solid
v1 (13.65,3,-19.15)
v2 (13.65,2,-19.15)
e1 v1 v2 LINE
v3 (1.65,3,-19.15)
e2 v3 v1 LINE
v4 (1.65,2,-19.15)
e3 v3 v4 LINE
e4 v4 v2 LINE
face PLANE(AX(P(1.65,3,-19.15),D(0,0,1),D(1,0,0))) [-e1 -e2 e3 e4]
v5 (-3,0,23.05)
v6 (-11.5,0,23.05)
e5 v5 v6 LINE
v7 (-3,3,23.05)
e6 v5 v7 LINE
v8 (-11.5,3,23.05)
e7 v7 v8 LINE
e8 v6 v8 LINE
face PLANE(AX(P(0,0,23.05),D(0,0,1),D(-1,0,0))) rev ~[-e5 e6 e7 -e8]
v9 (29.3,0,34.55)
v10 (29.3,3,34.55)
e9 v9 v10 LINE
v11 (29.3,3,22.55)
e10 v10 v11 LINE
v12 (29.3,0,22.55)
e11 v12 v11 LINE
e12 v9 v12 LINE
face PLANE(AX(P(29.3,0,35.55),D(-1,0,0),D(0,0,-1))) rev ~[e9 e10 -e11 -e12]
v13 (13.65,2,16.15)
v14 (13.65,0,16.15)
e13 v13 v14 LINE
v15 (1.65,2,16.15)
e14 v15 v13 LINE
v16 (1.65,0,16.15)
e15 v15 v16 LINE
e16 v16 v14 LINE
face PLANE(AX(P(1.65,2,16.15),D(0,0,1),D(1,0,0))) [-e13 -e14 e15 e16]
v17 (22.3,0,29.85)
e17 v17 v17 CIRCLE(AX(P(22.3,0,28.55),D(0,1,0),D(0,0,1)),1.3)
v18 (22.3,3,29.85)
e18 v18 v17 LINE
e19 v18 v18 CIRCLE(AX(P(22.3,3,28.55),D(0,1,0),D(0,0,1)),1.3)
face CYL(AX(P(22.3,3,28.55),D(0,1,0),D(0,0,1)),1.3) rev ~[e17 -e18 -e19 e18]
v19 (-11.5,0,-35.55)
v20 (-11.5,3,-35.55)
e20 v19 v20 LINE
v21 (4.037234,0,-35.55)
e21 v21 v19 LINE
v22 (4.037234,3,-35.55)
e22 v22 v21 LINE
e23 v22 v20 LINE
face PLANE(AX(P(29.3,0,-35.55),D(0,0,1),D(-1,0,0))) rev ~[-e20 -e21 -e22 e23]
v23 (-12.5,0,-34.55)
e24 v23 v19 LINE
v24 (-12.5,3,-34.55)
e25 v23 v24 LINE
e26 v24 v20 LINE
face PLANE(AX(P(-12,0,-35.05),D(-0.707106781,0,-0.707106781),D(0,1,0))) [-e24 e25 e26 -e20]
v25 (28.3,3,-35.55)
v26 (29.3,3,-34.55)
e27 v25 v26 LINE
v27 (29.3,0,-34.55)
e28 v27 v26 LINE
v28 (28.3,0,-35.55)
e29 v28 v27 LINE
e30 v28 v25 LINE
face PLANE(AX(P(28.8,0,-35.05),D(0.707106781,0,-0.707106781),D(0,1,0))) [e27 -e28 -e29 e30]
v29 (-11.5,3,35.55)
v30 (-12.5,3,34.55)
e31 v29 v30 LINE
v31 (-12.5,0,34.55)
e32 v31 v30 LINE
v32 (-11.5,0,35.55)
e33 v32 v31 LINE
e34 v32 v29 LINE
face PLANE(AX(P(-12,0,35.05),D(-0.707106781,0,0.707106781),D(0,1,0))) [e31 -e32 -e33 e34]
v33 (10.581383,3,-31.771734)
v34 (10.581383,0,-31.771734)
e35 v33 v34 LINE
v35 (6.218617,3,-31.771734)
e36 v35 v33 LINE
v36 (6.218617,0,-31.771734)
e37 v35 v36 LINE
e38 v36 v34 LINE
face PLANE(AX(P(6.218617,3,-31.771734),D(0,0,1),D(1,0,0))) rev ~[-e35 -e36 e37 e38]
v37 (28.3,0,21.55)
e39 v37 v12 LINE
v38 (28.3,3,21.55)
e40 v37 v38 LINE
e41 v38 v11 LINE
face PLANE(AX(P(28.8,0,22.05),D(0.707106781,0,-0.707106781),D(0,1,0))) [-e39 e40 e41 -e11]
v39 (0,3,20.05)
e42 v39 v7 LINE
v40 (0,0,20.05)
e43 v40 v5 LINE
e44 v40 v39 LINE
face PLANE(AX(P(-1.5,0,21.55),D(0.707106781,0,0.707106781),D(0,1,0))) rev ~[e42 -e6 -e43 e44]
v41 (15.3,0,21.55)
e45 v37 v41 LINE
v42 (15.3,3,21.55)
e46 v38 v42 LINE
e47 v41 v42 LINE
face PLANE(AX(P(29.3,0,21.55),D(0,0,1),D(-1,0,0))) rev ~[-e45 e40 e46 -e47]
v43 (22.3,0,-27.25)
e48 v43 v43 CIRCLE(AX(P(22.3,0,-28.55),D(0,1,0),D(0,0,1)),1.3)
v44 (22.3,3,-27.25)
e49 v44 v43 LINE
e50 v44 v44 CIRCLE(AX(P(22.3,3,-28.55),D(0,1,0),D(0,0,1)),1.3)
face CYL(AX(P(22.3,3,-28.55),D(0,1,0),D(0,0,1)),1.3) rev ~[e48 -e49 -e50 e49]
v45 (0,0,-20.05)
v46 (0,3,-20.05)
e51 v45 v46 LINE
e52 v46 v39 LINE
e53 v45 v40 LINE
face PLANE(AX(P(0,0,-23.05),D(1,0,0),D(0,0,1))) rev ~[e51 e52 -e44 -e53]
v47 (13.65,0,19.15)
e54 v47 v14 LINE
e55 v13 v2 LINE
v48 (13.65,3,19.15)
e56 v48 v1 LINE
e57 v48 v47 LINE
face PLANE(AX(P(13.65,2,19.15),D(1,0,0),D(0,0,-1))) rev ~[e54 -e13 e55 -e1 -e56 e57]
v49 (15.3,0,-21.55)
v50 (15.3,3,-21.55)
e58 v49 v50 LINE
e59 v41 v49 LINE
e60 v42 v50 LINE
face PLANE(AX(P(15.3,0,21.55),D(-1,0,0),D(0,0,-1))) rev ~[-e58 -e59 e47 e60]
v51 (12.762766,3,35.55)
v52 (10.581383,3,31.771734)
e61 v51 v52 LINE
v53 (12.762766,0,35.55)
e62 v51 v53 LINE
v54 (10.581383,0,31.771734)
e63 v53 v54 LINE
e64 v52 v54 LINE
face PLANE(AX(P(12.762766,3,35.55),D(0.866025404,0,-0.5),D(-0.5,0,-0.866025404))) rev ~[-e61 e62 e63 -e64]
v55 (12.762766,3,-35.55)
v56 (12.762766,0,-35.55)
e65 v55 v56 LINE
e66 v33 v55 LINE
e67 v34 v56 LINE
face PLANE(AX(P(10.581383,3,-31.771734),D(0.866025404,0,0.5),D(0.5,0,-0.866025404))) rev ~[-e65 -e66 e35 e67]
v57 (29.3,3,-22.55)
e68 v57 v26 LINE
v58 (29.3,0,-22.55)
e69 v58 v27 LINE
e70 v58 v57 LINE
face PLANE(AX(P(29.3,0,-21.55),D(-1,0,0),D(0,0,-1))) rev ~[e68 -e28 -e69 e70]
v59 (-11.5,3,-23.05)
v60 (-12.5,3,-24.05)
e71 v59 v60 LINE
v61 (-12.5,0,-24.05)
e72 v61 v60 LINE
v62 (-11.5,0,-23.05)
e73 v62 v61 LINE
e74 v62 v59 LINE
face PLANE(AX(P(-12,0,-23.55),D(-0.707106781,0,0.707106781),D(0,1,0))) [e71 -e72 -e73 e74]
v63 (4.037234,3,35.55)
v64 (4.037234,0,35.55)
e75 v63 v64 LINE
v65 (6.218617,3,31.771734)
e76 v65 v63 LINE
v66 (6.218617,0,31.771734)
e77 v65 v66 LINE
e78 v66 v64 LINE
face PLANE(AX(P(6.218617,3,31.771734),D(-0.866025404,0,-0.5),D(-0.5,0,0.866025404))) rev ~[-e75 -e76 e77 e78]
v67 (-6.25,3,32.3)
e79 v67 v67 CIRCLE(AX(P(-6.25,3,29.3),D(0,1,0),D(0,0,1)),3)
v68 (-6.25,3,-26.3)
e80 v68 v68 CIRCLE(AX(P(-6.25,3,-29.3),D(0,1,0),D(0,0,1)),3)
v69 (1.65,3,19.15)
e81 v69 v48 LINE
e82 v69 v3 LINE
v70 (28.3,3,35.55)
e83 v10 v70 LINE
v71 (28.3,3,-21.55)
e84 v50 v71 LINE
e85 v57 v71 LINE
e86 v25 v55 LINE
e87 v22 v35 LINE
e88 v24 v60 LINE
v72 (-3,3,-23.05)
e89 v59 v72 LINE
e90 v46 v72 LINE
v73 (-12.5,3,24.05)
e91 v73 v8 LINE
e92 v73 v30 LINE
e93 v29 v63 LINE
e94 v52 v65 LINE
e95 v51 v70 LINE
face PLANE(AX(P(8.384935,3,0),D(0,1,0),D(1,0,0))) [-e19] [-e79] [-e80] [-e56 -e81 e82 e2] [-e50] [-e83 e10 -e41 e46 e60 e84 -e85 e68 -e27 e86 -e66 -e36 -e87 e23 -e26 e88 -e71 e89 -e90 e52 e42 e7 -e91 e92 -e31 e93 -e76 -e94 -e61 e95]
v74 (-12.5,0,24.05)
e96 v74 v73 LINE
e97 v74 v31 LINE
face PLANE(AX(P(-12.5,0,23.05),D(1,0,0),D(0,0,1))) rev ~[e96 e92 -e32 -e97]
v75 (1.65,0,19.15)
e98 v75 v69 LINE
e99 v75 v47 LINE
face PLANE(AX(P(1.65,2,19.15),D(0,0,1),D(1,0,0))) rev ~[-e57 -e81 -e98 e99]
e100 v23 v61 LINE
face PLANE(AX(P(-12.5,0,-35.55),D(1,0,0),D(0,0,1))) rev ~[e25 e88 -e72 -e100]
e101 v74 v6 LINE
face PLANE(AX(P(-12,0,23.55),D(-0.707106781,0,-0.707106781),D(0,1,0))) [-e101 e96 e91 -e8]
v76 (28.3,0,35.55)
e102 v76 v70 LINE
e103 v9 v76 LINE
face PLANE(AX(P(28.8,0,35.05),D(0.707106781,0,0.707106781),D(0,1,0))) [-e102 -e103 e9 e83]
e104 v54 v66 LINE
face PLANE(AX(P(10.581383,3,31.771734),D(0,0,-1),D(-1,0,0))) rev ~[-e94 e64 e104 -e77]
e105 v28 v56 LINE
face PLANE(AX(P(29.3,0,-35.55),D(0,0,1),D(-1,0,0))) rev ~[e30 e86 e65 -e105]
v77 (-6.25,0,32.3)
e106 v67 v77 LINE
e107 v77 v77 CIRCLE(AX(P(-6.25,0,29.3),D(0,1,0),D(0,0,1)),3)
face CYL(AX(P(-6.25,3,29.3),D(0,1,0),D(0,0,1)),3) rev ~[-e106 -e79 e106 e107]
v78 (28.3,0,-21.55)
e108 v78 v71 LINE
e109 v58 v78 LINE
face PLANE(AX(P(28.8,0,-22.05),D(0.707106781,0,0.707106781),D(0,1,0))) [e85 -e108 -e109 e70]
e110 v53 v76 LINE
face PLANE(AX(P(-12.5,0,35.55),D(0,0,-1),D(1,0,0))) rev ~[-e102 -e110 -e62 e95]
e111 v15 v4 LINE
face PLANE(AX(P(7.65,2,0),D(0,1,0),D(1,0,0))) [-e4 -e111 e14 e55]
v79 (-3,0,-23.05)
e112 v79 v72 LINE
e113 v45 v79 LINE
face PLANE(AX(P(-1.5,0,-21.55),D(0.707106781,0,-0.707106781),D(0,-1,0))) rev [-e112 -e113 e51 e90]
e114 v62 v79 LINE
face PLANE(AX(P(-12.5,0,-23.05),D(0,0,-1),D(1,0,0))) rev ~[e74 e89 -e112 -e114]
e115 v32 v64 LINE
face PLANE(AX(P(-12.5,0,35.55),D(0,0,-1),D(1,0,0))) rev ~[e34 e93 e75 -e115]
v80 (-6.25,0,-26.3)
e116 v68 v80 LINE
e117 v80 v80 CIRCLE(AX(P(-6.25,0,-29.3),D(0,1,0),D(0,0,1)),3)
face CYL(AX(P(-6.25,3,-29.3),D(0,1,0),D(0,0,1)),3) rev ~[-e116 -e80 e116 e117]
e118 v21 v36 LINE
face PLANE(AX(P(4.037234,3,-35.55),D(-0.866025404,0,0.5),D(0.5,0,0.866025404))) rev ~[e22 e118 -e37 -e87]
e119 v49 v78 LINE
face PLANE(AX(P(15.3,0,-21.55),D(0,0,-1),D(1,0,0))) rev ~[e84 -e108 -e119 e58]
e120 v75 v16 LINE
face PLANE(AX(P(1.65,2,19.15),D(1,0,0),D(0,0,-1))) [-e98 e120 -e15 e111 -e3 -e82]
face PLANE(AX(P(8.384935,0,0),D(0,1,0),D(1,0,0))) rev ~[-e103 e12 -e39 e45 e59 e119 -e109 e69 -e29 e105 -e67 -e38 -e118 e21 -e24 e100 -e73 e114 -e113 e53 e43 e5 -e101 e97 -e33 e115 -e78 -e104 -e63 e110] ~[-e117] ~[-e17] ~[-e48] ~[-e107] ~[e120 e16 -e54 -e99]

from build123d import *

# Parameters (mm, degrees)
BOSS_EXTRUDE1_DEPTH = 3
SKETCH2_R           = 3
SKETCH2_R_2         = 1.3
CUT_EXTRUDE1_DEPTH  = 47.16592358
SKETCH3_W           = 12
SKETCH3_H           = 38.3
CUT_EXTRUDE2_DEPTH  = 1
SKETCH4_W           = 12
SKETCH4_H           = 3
CUT_EXTRUDE3_DEPTH  = 47.111739286
CHAMFER1_SIZE       = 3
CUT_EXTRUDE4_DEPTH  = 47.16592358
CHAMFER2_SIZE       = 1


with BuildPart() as part:
    # Sketch1 → Boss-Extrude1 (new body)
    with BuildSketch(Plane(origin=(0, 0, 0), x_dir=(1, 0, 0), z_dir=(0, 1, 0))):
        Polygon((0, 23.05), (0, -23.05), (-12.5, -23.05), (-12.5, -35.55), (29.3, -35.55), (29.3, -21.55), (15.3, -21.55), (15.3, 21.55), (29.3, 21.55), (29.3, 35.55), (-12.5, 35.55), (-12.5, 23.05), align=None)
    extrude(amount=BOSS_EXTRUDE1_DEPTH)

    # Sketch2 → Cut-Extrude1 (cut, through all)
    with BuildSketch(Plane(origin=(0, 3, 0), x_dir=(1, 0, 0), z_dir=(0, 1, 0))):
        with Locations(Location((-6.25, 29.3, 0), (0, 0, 270))):
            Circle(SKETCH2_R)
        with Locations(Location((-6.25, -29.3, 0), (0, 0, 270))):
            Circle(SKETCH2_R)
        with Locations(Location((22.3, -28.55, 0), (0, 0, 270))):
            Circle(SKETCH2_R_2)
        with Locations(Location((22.3, 28.55, 0), (0, 0, 270))):
            Circle(SKETCH2_R_2)
    extrude(amount=-CUT_EXTRUDE1_DEPTH, mode=Mode.SUBTRACT)

    # Sketch3 → Cut-Extrude2 (cut)
    with BuildSketch(Plane(origin=(0, 3, 0), x_dir=(1, 0, 0), z_dir=(0, 1, 0))):
        with Locations((7.65, 0)):
            Rectangle(SKETCH3_W, SKETCH3_H)
    extrude(amount=-CUT_EXTRUDE2_DEPTH, mode=Mode.SUBTRACT)

    # Sketch4 → Cut-Extrude3 (cut, through all)
    with BuildSketch(Plane(origin=(0, 2, 0), x_dir=(1, 0, 0), z_dir=(0, 1, 0))):
        with Locations((7.65, -17.65)):
            Rectangle(SKETCH4_W, SKETCH4_H)
    extrude(amount=-CUT_EXTRUDE3_DEPTH, mode=Mode.SUBTRACT)

    # Chamfer1
    chamfer1_edges = [part.edges().sort_by_distance(p)[0] for p in [
        (0, 1.5, 23.05),
        (0, 1.5, -23.05),
    ]]
    chamfer(chamfer1_edges, length=CHAMFER1_SIZE)

    # Sketch5 → Cut-Extrude4 (cut, through all)
    with BuildSketch(Plane(origin=(0, 3, 0), x_dir=(1, 0, 0), z_dir=(0, 1, 0))):
        Polygon((4.037233657, -35.55), (6.218616828, -39.328266484), (10.581383172, -39.328266484), (12.762766343, -35.55), (10.581383172, -31.771733516), (6.218616828, -31.771733516), align=None)
        Polygon((4.037233657, 35.55), (6.218616828, 31.771733516), (10.581383172, 31.771733516), (12.762766343, 35.55), (10.581383172, 39.328266484), (6.218616828, 39.328266484), align=None)
    extrude(amount=-CUT_EXTRUDE4_DEPTH, mode=Mode.SUBTRACT)

    # Chamfer2
    chamfer2_edges = [part.edges().sort_by_distance(p)[0] for p in [
        (-12.5, 1.5, -23.05),
        (-12.5, 1.5, -35.55),
        (29.3, 1.5, -35.55),
        (29.3, 1.5, -21.55),
        (29.3, 1.5, 21.55),
        (29.3, 1.5, 35.55),
        (-12.5, 1.5, 35.55),
        (-12.5, 1.5, 23.05),
    ]]
    chamfer(chamfer2_edges, length=CHAMFER2_SIZE)


solid = part.part
